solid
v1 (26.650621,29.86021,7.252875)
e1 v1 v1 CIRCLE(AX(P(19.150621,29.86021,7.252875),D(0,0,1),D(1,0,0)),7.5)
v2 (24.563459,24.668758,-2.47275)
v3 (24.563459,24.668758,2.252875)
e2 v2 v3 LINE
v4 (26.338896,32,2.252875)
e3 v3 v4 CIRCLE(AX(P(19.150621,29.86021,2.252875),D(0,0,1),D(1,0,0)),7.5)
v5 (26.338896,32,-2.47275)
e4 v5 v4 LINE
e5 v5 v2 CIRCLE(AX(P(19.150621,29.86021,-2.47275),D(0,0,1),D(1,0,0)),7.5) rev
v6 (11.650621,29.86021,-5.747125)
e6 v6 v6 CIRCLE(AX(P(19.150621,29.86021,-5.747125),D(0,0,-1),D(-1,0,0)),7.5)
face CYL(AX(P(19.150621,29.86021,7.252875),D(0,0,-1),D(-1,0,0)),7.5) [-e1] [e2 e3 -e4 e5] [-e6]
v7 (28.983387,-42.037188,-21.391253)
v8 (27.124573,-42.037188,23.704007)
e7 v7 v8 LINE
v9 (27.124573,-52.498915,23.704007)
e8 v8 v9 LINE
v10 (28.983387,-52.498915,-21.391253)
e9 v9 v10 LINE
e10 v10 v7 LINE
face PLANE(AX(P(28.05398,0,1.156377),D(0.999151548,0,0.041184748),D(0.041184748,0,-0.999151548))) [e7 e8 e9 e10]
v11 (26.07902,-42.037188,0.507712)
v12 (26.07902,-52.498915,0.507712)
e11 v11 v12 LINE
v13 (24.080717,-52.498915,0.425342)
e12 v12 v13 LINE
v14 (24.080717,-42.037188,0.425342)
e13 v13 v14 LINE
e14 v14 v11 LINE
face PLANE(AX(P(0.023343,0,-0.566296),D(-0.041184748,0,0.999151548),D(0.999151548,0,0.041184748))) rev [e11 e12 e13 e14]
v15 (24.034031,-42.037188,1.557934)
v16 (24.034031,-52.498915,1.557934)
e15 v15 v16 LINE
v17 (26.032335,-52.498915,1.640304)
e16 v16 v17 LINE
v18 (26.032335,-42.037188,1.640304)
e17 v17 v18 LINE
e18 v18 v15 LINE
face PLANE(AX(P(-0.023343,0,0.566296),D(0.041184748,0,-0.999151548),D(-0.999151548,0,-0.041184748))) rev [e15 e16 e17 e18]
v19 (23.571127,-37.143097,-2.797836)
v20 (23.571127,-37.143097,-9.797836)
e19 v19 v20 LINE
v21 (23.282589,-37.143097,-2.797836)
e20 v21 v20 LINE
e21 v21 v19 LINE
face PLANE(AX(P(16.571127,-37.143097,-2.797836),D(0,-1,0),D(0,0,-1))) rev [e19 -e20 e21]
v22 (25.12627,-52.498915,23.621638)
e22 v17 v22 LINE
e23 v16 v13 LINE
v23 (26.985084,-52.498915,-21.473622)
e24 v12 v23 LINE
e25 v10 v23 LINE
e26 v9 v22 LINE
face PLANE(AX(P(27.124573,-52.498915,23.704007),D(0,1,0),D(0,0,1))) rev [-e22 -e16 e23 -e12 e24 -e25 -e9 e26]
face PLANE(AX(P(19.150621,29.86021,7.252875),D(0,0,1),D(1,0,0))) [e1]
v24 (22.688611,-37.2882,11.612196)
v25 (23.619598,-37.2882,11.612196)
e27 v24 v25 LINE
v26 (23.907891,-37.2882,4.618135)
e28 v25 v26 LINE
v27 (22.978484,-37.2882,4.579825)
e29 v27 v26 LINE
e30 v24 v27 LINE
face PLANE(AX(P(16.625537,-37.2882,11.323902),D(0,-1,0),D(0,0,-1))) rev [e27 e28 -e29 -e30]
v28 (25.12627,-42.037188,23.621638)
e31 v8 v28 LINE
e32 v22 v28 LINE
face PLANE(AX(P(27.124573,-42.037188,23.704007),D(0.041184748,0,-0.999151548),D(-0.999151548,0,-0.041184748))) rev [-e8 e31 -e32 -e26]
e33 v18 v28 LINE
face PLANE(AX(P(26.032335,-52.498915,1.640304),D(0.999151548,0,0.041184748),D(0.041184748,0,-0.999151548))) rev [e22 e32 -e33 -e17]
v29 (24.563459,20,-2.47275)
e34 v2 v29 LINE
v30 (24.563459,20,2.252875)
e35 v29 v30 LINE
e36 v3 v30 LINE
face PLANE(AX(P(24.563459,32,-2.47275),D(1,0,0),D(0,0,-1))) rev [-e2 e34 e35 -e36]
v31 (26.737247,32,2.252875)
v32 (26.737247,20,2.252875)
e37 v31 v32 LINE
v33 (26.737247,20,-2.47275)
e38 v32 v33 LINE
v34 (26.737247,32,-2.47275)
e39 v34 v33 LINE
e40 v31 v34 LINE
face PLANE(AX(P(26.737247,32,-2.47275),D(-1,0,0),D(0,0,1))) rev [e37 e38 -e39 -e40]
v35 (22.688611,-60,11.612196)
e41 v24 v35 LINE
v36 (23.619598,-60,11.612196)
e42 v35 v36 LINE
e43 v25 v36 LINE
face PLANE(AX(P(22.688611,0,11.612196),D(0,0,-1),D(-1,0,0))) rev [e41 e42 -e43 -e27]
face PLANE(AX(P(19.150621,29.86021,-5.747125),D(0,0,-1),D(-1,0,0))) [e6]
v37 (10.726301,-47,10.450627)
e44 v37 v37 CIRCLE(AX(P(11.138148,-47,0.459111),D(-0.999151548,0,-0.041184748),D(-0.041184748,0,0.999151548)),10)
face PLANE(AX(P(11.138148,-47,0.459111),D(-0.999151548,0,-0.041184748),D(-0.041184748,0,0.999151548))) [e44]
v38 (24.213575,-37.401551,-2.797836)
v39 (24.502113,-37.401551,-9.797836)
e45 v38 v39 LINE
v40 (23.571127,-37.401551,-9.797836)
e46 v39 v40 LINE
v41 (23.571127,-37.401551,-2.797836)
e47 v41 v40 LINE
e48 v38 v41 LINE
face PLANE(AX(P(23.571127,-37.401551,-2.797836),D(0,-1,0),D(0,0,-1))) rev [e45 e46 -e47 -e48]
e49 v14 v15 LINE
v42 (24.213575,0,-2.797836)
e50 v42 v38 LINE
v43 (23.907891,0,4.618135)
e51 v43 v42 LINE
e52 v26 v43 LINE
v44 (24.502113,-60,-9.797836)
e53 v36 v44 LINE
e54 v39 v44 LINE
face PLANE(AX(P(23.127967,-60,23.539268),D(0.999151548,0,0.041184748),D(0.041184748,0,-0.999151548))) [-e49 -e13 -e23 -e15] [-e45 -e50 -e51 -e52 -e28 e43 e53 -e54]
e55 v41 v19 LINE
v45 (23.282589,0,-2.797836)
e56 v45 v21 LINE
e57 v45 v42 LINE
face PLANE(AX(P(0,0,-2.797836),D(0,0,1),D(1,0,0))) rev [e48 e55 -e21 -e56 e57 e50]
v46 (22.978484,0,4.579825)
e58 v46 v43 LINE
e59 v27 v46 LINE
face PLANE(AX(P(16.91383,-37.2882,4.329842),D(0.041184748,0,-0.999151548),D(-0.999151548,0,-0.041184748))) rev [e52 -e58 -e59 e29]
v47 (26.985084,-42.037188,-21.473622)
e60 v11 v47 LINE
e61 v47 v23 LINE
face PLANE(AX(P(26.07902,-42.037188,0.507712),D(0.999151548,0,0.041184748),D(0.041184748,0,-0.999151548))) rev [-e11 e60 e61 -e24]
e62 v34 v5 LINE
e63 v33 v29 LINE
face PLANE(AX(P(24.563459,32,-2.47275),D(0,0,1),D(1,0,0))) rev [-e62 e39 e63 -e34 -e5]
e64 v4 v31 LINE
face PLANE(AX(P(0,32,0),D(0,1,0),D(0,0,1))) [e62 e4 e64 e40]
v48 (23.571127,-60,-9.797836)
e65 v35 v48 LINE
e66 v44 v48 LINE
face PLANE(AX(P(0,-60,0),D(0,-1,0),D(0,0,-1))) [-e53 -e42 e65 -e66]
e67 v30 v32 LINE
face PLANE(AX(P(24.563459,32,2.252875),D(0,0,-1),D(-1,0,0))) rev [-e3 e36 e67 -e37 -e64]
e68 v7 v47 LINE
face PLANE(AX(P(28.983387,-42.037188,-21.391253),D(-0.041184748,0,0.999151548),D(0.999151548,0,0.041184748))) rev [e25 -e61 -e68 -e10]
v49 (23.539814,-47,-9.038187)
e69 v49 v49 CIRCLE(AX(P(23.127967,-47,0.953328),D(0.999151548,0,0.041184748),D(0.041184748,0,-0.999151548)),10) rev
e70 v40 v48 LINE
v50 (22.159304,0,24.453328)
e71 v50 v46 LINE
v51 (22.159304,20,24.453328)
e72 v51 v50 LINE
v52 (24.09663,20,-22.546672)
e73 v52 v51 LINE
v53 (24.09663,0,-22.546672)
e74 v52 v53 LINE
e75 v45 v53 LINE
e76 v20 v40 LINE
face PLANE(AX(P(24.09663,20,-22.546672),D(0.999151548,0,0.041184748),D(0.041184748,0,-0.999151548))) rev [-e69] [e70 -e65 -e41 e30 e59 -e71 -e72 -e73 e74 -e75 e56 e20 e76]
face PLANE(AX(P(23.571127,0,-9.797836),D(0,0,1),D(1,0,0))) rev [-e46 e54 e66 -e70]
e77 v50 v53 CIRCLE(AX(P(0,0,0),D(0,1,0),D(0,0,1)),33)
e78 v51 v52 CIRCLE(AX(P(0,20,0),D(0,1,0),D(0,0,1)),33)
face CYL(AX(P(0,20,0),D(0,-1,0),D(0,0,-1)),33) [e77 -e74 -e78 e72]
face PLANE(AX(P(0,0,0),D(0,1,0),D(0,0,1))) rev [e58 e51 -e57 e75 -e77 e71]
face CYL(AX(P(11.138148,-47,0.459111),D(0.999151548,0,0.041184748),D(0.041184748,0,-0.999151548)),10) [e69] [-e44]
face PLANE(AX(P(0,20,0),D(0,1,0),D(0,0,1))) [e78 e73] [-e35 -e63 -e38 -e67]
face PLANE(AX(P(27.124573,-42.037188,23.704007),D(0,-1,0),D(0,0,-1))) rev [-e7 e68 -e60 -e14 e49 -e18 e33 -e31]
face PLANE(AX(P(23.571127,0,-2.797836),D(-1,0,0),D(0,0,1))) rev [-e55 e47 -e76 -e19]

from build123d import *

# Parameters (mm, degrees)
BOSS_EXTRUDE1_DEPTH  = 20
BOSS_EXTRUDE2_DEPTH  = 60
SKETCH3_R            = 10
BOSS_EXTRUDE3_DEPTH  = 12
SKETCH6_R            = 1.5
BOSS_EXTRUDE4_DEPTH  = 3
SKETCH7_W            = 45.133553402
SKETCH7_H            = 10.461726886
BOSS_EXTRUDE5_DEPTH  = 4
SKETCH9_W            = 2
SKETCH9_H            = 10.461726886
CUT_EXTRUDE2_DEPTH   = 22
SKETCH10_W           = 2
SKETCH10_H           = 10.461726886
CUT_EXTRUDE3_DEPTH   = 22
CUT_EXTRUDE7_DEPTH   = 60
CUT_EXTRUDE8_DEPTH   = 60
SKETCH20_W           = 0.930986134
SKETCH20_H           = 37.401550855
CUT_EXTRUDE9_DEPTH   = 7
SKETCH21_W           = 7
SKETCH21_H           = 37.143096713
CUT_EXTRUDE10_DEPTH  = 7
SKETCH24_W           = 7
SKETCH24_H           = 37.288200147
CUT_EXTRUDE11_DEPTH  = 7
SKETCH25_W           = 0.930986134
SKETCH25_H           = 37.288200147
CUT_EXTRUDE12_DEPTH  = 7
SKETCH31_W           = 2.173787646
SKETCH31_H           = 4.725625318
BOSS_EXTRUDE8_DEPTH  = 12
SKETCH32_R           = 7.5
BOSS_EXTRUDE12_DEPTH = 5
SKETCH35_R           = 7.5
BOSS_EXTRUDE14_DEPTH = 8


with BuildPart() as part:
    # Sketch1 → Boss-Extrude1 (new body)
    with BuildSketch(Plane(origin=(0, 0, 0), x_dir=(1, 0, 0), z_dir=(0, 1, 0))):
        with BuildLine():
            Line((24.096630412, 22.546671656), (22.159303529, -24.453328344))
            ThreePointArc((22.159303529, -24.453328344), (32.972001095, -1.359096683), (24.096630412, 22.546671656))
        make_face()
    extrude(amount=BOSS_EXTRUDE1_DEPTH)

    # Sketch2 → Boss-Extrude2 (add)
    with BuildSketch(Plane.XZ):
        with BuildLine():
            Line((22.159303529, 24.453328344), (24.096630412, -22.546671656))
            ThreePointArc((24.096630412, -22.546671656), (24.546704066, -22.055822802), (24.986780993, -21.55599164))
            Line((24.986780993, -21.55599164), (23.127966971, 23.539268124))
            ThreePointArc((23.127966971, 23.539268124), (22.648247037, 24.001185515), (22.159303529, 24.453328344))
        make_face()
    extrude(amount=BOSS_EXTRUDE2_DEPTH)

    # Sketch3 → Boss-Extrude3 (add)
    with BuildSketch(Plane(origin=(23.127966971, 0, 0.953328344), x_dir=(-0.041184748, 0, 0.999151548), z_dir=(-0.999151548, 0, -0.041184748))):
        with Locations((0, -47)):
            Circle(SKETCH3_R)
    extrude(amount=BOSS_EXTRUDE3_DEPTH)

    # Sketch6 → Boss-Extrude4 (add)
    with BuildSketch(Plane(origin=(24.057373982, 0, 0.991638242), x_dir=(0.041184748, 0, -0.999151548), z_dir=(0.999151548, 0, 0.041184748))):
        with Locations((0, -47)):
            Circle(SKETCH6_R)
    extrude(amount=BOSS_EXTRUDE4_DEPTH)

    # Sketch7 → Boss-Extrude5 (add)
    with BuildSketch(Plane(origin=(24.057373982, 0, 0.991638242), x_dir=(0.041184748, 0, -0.999151548), z_dir=(0.999151548, 0, 0.041184748))):
        with Locations((0, -47.268051565)):
            Rectangle(SKETCH7_W, SKETCH7_H)
    extrude(amount=BOSS_EXTRUDE5_DEPTH)

    # Sketch9 → Cut-Extrude2 (cut)
    with BuildSketch(Plane(origin=(-0.929407011, 0, 22.547629882), x_dir=(0.999151548, 0, 0.041184748), z_dir=(-0.041184748, 0, 0.999151548))):
        with Locations((25.077802834, -47.268051565)):
            Rectangle(SKETCH9_W, SKETCH9_H)
    extrude(amount=-CUT_EXTRUDE2_DEPTH, mode=Mode.SUBTRACT)

    # Sketch10 → Cut-Extrude3 (cut)
    with BuildSketch(Plane(origin=(0.929407011, 0, -22.547629882), x_dir=(-0.999151548, 0, -0.041184748), z_dir=(0.041184748, 0, -0.999151548))):
        with Locations((-25.077802834, -47.268051565)):
            Rectangle(SKETCH10_W, SKETCH10_H)
    extrude(amount=-CUT_EXTRUDE3_DEPTH, mode=Mode.SUBTRACT)

    # Sketch16 → Cut-Extrude7 (cut)
    with BuildSketch(Plane.XZ.offset(60)):
        with BuildLine():
            Line((22.159303529, 24.453328344), (22.688611434, 11.612195682))
            Line((22.688611434, 11.612195682), (23.619597568, 11.612195682))
            Line((23.619597568, 11.612195682), (23.127966971, 23.539268124))
            ThreePointArc((23.127966971, 23.539268124), (22.648247037, 24.001185515), (22.159303529, 24.453328344))
        make_face()
    extrude(amount=-CUT_EXTRUDE7_DEPTH, mode=Mode.SUBTRACT)

    # Sketch19 → Cut-Extrude8 (cut)
    with BuildSketch(Plane.XZ.offset(60)):
        with BuildLine():
            Line((23.571126961, -9.797835906), (24.502113095, -9.797835906))
            Line((24.502113095, -9.797835906), (24.986780993, -21.55599164))
            ThreePointArc((24.986780993, -21.55599164), (24.546704066, -22.055822802), (24.096630412, -22.546671656))
            Line((24.096630412, -22.546671656), (23.571126961, -9.797835906))
        make_face()
    extrude(amount=-CUT_EXTRUDE8_DEPTH, mode=Mode.SUBTRACT)

    # Sketch20 → Cut-Extrude9 (cut)
    with BuildSketch(Plane(origin=(0, 0, -9.797835906), x_dir=(-1, 0, 0), z_dir=(0, 0, -1))):
        with Locations((-24.036620028, -18.700775428)):
            Rectangle(SKETCH20_W, SKETCH20_H)
    extrude(amount=-CUT_EXTRUDE9_DEPTH, mode=Mode.SUBTRACT)

    # Sketch21 → Cut-Extrude10 (cut)
    with BuildSketch(Plane(origin=(23.571126961, 0, 0), x_dir=(0, 0, -1), z_dir=(1, 0, 0))):
        with Locations((6.297835906, -18.571548357)):
            Rectangle(SKETCH21_W, SKETCH21_H)
    extrude(amount=-CUT_EXTRUDE10_DEPTH, mode=Mode.SUBTRACT)

    # Sketch24 → Cut-Extrude11 (cut)
    with BuildSketch(Plane(origin=(24.057373982, 0, 0.991638242), x_dir=(0.041184748, 0, -0.999151548), z_dir=(0.999151548, 0, 0.041184748))):
        with Locations((-7.129576122, -18.644100074)):
            Rectangle(SKETCH24_W, SKETCH24_H)
    extrude(amount=-CUT_EXTRUDE11_DEPTH, mode=Mode.SUBTRACT)

    # Sketch25 → Cut-Extrude12 (cut)
    with BuildSketch(Plane.XY.offset(11.612195682)):
        with Locations((23.154104501, -18.644100074)):
            Rectangle(SKETCH25_W, SKETCH25_H)
    extrude(amount=-CUT_EXTRUDE12_DEPTH, mode=Mode.SUBTRACT)

    # Sketch31 → Boss-Extrude8 (add)
    with BuildSketch(Plane(origin=(0, 20, 0), x_dir=(1, 0, 0), z_dir=(0, 1, 0))):
        with Locations((25.650353258, 0.109937353)):
            Rectangle(SKETCH31_W, SKETCH31_H)
    extrude(amount=BOSS_EXTRUDE8_DEPTH)

    # Sketch32 → Boss-Extrude12 (add)
    with BuildSketch(Plane.XY.offset(2.252875306)):
        with Locations((19.150620534, 29.860210164)):
            Circle(SKETCH32_R)
    extrude(amount=BOSS_EXTRUDE12_DEPTH)

    # Sketch35 → Boss-Extrude14 (add)
    with BuildSketch(Plane(origin=(0, 0, 2.252875306), x_dir=(-1, 0, 0), z_dir=(0, 0, -1))):
        with Locations((-19.150620534, 29.860210164)):
            Circle(SKETCH35_R)
    extrude(amount=BOSS_EXTRUDE14_DEPTH)


solid = part.part
